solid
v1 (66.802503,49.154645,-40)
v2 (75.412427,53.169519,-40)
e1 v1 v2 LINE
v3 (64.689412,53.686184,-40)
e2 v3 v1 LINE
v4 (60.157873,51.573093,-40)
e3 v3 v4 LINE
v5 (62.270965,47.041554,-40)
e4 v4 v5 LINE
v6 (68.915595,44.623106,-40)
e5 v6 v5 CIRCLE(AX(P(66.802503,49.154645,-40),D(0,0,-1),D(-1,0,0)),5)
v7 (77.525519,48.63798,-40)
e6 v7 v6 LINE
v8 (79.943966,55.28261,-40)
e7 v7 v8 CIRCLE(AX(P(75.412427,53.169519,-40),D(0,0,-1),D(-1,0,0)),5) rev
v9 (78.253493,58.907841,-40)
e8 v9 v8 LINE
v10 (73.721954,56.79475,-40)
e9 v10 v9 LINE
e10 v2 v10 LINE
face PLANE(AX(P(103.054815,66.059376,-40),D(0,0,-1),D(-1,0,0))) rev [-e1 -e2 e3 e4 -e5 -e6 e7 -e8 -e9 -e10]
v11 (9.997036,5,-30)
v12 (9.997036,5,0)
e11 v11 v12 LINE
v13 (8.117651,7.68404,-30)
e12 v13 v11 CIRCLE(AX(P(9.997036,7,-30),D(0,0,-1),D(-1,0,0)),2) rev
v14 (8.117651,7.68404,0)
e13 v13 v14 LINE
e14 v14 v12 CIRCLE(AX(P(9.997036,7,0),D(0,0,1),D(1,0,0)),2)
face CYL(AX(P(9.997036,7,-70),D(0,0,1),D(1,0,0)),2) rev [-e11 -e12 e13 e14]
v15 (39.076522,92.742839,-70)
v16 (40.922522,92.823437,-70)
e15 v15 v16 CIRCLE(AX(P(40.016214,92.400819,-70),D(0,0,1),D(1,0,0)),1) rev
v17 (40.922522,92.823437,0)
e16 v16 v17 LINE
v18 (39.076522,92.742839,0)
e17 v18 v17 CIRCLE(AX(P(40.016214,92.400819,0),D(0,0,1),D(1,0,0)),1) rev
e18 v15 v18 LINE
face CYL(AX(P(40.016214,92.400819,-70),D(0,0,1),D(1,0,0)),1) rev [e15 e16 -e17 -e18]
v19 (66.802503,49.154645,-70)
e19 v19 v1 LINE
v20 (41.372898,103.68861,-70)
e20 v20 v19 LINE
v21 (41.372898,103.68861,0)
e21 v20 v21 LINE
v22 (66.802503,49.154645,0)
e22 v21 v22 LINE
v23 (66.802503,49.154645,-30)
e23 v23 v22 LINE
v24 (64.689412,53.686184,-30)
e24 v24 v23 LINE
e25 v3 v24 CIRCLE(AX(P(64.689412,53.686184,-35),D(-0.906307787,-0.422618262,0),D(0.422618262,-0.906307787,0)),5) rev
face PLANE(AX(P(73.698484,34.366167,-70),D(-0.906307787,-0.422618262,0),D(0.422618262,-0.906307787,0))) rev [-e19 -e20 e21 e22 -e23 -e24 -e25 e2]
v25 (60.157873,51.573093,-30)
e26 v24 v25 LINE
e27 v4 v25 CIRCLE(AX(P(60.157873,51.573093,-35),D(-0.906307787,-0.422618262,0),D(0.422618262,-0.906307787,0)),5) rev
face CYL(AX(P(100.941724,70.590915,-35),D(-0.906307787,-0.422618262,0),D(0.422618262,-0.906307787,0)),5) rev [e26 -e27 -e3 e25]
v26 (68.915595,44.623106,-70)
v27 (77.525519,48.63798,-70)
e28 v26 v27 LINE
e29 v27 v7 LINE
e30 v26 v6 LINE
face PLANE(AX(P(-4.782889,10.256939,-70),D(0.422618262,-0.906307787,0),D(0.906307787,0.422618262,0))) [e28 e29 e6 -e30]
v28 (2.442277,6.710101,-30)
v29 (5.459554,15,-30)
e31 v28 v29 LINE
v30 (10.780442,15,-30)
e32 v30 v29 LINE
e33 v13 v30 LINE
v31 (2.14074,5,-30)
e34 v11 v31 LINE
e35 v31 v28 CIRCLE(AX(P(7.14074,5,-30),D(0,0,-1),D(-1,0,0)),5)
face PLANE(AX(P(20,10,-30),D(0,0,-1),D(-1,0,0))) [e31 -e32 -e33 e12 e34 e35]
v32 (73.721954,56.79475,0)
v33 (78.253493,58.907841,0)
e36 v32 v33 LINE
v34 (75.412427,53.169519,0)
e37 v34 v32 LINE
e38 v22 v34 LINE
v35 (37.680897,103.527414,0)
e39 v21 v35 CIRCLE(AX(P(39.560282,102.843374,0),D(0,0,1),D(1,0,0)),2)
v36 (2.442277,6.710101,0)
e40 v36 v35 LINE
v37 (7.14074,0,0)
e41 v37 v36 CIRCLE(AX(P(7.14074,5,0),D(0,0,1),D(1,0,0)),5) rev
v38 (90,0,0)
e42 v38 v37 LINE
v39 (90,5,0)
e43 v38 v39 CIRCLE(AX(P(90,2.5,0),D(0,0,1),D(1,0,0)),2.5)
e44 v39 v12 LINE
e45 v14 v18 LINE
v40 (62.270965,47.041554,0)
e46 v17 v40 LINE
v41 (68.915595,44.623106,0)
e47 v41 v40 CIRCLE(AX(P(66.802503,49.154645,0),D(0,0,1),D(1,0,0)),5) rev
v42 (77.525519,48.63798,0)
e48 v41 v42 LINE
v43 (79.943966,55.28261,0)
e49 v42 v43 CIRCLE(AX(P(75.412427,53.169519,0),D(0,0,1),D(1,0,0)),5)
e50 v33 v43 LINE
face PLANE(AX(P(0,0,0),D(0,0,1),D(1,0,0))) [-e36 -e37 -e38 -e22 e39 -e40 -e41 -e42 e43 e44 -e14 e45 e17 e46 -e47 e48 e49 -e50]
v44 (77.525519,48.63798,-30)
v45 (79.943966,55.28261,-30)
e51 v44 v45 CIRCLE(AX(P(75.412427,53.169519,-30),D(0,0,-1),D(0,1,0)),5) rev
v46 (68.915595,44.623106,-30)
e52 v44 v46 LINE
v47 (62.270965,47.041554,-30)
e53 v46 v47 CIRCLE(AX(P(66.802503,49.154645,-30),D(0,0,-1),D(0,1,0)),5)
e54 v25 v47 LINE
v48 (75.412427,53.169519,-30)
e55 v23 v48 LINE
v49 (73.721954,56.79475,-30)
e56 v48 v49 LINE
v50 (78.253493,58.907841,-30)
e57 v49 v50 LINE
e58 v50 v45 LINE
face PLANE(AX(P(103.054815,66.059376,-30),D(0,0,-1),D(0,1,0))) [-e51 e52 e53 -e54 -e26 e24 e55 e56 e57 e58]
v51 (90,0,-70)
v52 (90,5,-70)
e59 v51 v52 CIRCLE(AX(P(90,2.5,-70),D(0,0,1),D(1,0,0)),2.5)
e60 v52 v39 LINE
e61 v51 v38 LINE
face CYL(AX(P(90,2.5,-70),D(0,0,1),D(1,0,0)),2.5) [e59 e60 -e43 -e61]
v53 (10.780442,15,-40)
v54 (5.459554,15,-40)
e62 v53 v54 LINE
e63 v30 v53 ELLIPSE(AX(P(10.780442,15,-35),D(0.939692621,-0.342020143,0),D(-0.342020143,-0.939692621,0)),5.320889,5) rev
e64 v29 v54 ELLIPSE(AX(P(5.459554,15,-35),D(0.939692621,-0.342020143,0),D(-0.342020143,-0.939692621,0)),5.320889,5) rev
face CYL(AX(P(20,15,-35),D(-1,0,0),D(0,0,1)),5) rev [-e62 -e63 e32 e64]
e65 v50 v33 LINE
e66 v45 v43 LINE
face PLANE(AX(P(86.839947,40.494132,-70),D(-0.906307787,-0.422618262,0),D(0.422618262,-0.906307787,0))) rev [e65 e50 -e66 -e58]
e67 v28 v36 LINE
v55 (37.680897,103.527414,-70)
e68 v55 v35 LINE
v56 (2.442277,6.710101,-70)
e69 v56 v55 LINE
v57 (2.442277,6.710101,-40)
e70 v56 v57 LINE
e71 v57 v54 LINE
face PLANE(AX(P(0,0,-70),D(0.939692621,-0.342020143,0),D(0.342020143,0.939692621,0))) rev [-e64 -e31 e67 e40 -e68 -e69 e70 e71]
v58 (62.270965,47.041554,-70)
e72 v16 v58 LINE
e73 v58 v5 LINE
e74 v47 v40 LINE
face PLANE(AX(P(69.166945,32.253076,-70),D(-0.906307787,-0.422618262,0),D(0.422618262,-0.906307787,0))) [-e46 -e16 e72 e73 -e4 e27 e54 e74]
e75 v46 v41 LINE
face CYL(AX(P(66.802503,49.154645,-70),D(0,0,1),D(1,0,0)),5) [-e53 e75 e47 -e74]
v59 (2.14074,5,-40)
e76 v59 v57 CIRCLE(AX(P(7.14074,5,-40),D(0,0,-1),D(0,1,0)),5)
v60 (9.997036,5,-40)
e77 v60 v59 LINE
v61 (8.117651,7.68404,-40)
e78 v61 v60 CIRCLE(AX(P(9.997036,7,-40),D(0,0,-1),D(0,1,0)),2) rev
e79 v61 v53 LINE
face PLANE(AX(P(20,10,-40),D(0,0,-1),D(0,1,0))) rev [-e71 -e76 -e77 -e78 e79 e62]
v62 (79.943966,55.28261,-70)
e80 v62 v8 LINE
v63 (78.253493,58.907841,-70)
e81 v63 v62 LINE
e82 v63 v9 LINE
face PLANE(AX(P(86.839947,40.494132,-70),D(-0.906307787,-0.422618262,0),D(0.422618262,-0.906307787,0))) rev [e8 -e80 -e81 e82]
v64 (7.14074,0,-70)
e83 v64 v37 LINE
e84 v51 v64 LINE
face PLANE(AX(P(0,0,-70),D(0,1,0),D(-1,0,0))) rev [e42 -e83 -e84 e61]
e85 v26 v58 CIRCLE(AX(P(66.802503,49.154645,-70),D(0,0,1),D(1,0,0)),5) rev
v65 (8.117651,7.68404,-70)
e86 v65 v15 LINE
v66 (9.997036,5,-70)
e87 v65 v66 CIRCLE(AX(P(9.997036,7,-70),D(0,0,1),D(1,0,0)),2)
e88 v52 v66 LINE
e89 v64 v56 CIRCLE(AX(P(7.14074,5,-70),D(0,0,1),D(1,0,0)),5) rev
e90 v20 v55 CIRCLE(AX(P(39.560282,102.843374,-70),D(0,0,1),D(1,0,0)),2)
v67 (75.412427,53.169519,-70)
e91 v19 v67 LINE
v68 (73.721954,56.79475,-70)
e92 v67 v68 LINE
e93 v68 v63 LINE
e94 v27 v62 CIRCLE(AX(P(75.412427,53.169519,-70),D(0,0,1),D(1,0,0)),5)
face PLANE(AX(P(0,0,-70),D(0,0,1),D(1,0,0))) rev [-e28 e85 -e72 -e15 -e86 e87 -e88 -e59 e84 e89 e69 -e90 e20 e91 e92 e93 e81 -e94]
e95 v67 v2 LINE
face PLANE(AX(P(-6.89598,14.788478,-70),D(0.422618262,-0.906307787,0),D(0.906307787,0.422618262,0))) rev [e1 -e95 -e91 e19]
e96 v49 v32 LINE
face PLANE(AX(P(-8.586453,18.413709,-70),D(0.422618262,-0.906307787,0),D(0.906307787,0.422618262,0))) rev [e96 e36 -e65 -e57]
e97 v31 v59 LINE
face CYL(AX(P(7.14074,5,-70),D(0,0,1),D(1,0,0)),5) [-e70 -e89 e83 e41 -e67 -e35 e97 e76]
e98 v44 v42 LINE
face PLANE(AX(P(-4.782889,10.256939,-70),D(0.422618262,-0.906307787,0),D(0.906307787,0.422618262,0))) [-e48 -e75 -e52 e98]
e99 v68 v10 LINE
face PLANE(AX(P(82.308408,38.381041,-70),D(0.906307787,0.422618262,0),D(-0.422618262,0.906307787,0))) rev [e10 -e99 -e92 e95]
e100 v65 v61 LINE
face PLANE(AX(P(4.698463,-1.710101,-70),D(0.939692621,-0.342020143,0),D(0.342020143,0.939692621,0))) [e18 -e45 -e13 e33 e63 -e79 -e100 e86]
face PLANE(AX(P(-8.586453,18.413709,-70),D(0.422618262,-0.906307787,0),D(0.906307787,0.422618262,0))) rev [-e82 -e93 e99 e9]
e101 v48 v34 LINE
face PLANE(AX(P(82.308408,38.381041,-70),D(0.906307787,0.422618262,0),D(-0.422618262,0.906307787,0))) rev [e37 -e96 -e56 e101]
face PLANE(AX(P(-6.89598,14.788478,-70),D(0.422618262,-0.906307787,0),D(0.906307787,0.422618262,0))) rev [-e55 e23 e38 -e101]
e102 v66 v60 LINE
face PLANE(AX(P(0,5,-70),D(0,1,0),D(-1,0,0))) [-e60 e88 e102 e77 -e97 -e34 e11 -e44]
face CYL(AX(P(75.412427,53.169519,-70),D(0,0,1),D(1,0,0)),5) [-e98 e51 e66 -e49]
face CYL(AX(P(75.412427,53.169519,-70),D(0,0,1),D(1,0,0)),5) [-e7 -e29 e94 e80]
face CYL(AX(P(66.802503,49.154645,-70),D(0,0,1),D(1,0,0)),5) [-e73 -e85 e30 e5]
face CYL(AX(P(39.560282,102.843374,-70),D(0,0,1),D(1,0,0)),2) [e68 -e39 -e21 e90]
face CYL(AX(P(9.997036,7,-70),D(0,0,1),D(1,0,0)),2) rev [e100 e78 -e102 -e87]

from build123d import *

# Parameters (mm, degrees)
BOSS_EXTRUDE1_DEPTH     = 70
CUT_EXTRUDE2_DEPTH      = 40
CUT_EXTRUDE2_DEPTH_BACK = 40
CUT_EXTRUDE4_DEPTH      = 20


with BuildPart() as part:
    # Sketch1 → Boss-Extrude1 (new body)
    with BuildSketch(Plane.XY):
        with BuildLine():
            ThreePointArc((7.140740034, 0), (3.044979812, 2.132117818), (2.44227693, 6.710100717))
            Line((2.44227693, 6.710100717), (37.680897145, 103.527414051))
            ThreePointArc((37.680897145, 103.527414051), (39.473043612, 104.841470208), (41.372897961, 103.688610288))
            Line((41.372897961, 103.688610288), (66.802503496, 49.154645233))
            Line((66.802503496, 49.154645233), (75.412427472, 53.16951872))
            Line((75.412427472, 53.16951872), (73.721954425, 56.794749868))
            Line((73.721954425, 56.794749868), (78.253493361, 58.907841176))
            Line((78.253493361, 58.907841176), (79.943966408, 55.282610028))
            ThreePointArc((79.943966408, 55.282610028), (80.110890576, 51.459418003), (77.525518781, 48.637979784))
            Line((77.525518781, 48.637979784), (68.915594804, 44.623106298))
            ThreePointArc((68.915594804, 44.623106298), (65.092402779, 44.456182129), (62.27096456, 47.041553924))
            Line((62.27096456, 47.041553924), (40.922521982, 92.823436775))
            ThreePointArc((40.922521982, 92.823436775), (39.972594808, 93.399866735), (39.076521575, 92.742838656))
            Line((39.076521575, 92.742838656), (8.117650806, 7.684040287))
            ThreePointArc((8.117650806, 7.684040287), (8.358731959, 5.852847127), (9.997036047, 5))
            Line((9.997036047, 5), (90, 5))
            ThreePointArc((90, 5), (92.5, 2.5), (90, 0))
            Line((90, 0), (7.140740034, 0))
        make_face()
    extrude(amount=-BOSS_EXTRUDE1_DEPTH)

    # Sketch2 → Cut-Extrude2 (cut, two sides: drawn at the far end of the back side and taken through both)
    with BuildSketch(Plane(origin=(73.698483936, 34.366167454, 0), x_dir=(0, 0, -1), z_dir=(0.9063077870366539, 0.422618261740691, 0)).offset(-CUT_EXTRUDE2_DEPTH_BACK)):
        with BuildLine():
            Line((40, 16.317279836), (40, 21.317279836))
            ThreePointArc((40, 21.317279836), (35, 26.317279836), (30, 21.317279836))
            Line((30, 21.317279836), (30, 16.317279836))
            Line((30, 16.317279836), (30, 11.317279836))
            Line((30, 11.317279836), (40, 11.317279836))
            Line((40, 11.317279836), (40, 16.317279836))
        make_face()
    extrude(amount=CUT_EXTRUDE2_DEPTH + CUT_EXTRUDE2_DEPTH_BACK, mode=Mode.SUBTRACT)

    # Sketch5 → Cut-Extrude4 (cut)
    with BuildSketch(Plane(origin=(0, 0, 0), x_dir=(0, 0, -1), z_dir=(1, 0, 0))):
        with BuildLine():
            Line((40, 10), (40, 15))
            ThreePointArc((40, 15), (35, 20), (30, 15))
            Line((30, 15), (30, 10))
            Line((30, 10), (30, 5))
            Line((30, 5), (40, 5))
            Line((40, 5), (40, 10))
        make_face()
    extrude(amount=CUT_EXTRUDE4_DEPTH, mode=Mode.SUBTRACT)


solid = part.part
